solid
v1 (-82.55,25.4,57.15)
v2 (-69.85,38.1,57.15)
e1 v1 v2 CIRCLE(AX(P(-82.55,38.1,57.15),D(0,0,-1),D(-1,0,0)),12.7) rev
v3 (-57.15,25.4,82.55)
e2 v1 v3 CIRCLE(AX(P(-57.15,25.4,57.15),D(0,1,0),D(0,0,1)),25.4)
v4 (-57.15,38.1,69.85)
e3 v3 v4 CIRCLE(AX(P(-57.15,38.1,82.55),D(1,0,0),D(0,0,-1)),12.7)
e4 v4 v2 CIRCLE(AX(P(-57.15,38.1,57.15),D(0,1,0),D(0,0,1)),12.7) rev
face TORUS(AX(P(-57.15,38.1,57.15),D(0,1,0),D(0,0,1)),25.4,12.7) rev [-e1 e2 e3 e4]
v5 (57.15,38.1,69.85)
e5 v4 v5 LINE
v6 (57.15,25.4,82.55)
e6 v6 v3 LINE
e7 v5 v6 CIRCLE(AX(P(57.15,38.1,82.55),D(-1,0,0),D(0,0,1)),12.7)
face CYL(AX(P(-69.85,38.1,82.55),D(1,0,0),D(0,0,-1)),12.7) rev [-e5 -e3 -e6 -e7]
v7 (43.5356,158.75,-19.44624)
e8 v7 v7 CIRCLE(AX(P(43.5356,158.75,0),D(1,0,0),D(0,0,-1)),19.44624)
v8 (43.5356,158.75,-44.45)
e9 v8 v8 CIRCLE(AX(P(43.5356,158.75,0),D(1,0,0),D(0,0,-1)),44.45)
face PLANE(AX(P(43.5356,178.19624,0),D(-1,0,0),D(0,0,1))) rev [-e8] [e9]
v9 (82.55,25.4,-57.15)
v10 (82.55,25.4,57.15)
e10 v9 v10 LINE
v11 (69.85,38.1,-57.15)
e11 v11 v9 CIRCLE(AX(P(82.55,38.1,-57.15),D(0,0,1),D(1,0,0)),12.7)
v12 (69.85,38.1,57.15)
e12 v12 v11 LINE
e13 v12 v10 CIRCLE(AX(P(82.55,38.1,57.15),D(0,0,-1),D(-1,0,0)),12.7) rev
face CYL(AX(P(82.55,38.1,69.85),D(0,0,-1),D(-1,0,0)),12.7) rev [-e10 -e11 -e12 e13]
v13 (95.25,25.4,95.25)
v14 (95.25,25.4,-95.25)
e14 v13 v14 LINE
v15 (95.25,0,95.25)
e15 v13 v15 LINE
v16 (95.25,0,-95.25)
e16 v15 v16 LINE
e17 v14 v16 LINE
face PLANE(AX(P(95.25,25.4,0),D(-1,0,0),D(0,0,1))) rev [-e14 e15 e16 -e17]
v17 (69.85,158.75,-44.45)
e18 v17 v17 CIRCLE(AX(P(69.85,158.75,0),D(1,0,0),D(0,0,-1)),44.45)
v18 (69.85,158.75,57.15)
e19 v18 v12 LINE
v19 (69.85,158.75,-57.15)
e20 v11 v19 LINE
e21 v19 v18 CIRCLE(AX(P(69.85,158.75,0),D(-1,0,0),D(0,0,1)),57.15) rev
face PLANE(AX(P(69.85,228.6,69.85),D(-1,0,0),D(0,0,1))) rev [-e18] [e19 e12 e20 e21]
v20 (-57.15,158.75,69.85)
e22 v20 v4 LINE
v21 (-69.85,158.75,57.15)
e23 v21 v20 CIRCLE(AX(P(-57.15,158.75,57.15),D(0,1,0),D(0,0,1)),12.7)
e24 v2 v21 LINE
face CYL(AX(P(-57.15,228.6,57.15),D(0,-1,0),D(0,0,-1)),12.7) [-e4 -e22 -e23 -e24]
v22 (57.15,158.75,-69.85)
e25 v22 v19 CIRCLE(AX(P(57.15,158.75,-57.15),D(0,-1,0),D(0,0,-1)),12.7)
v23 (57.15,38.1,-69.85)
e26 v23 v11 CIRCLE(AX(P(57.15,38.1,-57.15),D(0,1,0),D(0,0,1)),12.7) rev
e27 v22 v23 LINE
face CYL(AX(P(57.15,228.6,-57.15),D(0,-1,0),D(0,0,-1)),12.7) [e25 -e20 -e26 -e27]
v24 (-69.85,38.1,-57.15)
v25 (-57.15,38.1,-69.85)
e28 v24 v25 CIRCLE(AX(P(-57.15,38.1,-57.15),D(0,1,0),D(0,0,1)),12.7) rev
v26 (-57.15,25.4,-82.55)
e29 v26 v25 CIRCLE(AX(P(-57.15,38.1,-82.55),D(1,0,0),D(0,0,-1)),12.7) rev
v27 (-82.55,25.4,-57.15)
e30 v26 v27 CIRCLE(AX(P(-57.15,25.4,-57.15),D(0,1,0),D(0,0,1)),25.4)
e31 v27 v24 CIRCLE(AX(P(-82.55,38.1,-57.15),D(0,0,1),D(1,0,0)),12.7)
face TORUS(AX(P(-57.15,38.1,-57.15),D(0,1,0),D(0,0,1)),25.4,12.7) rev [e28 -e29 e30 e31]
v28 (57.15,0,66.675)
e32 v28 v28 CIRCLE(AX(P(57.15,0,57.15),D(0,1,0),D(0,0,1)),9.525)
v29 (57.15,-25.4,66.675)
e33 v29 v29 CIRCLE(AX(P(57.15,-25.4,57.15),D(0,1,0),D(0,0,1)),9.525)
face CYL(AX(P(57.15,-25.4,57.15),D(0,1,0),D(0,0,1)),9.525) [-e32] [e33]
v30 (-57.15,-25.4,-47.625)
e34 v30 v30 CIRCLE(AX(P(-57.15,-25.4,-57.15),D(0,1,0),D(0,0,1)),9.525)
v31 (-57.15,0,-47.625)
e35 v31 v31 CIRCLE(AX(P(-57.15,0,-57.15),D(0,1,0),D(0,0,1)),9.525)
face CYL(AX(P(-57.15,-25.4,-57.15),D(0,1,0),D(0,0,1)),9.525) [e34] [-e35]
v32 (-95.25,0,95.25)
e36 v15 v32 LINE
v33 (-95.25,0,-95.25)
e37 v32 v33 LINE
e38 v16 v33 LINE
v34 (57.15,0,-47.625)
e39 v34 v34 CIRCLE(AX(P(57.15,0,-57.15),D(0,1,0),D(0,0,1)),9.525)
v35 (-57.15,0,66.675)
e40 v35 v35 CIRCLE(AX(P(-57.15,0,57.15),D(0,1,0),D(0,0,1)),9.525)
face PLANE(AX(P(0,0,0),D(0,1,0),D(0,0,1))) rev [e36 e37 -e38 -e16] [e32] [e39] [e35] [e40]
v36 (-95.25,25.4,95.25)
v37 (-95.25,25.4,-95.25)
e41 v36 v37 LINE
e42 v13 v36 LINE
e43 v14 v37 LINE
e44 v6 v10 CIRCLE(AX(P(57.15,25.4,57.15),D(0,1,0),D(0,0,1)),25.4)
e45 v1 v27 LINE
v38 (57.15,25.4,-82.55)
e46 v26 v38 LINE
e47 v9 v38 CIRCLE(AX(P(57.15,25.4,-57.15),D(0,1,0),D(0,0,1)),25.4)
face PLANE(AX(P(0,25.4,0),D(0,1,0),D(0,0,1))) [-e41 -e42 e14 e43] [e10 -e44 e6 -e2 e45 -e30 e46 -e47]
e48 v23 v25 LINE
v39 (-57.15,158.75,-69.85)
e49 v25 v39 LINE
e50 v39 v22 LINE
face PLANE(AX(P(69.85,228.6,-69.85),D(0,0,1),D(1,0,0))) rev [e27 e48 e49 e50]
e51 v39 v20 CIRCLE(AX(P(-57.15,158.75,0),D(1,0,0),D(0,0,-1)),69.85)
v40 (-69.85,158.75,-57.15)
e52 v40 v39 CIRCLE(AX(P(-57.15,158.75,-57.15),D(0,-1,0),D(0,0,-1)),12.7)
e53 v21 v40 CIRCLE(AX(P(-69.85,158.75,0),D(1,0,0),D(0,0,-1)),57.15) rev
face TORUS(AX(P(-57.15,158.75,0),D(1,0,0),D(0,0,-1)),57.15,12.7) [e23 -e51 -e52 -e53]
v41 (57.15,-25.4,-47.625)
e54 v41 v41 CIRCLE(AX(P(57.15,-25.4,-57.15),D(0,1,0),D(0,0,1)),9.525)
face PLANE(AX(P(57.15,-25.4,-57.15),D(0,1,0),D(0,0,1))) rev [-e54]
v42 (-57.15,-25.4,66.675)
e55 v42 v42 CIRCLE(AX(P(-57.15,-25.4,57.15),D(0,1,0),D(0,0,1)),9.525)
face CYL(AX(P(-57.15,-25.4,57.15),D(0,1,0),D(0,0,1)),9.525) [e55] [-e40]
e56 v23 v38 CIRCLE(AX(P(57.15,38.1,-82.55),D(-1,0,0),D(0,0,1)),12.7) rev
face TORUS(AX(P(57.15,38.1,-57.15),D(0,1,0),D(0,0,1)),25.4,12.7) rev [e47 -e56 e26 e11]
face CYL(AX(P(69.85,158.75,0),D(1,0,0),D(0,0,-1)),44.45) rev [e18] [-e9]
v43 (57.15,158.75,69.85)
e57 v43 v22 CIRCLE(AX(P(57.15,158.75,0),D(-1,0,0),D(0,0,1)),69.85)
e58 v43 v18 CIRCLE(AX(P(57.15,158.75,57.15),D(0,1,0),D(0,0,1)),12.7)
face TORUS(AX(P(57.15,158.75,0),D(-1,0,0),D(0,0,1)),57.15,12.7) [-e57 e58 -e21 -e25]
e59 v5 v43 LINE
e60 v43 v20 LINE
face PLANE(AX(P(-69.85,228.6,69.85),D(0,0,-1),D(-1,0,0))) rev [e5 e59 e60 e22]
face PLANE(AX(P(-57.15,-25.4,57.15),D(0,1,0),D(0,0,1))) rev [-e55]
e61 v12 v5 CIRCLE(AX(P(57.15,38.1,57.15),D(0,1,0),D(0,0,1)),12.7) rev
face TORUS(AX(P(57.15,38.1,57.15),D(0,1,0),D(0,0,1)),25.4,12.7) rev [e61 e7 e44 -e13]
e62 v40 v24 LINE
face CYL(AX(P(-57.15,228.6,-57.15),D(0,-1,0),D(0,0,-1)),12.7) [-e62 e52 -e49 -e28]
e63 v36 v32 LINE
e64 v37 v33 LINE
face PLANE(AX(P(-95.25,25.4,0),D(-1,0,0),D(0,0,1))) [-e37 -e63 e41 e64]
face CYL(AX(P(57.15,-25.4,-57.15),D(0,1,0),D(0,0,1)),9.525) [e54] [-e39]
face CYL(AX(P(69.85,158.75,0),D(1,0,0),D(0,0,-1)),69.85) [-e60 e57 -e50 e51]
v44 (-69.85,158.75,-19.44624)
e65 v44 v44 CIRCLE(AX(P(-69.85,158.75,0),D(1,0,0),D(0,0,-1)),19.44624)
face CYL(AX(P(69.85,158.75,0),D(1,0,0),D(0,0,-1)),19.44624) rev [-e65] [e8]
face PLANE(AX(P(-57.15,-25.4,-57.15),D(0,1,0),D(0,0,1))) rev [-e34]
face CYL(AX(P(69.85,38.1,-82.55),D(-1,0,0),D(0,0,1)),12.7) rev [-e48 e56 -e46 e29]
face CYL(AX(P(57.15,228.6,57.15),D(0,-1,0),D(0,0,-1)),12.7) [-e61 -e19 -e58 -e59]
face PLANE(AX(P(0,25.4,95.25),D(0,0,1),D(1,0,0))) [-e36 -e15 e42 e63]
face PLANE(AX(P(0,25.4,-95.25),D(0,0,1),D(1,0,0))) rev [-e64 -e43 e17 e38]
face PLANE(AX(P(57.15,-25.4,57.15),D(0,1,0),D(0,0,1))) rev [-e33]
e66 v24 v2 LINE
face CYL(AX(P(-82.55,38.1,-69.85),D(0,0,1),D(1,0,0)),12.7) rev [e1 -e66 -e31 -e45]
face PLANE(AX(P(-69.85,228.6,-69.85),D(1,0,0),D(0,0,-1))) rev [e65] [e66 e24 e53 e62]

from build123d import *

# Parameters (mm, degrees)
SKETCH1_W                                   = 190.5
SKETCH1_H                                   = 190.5
SKETCH1_R                                   = 9.525
BOSS_EXTRUDE1_DEPTH                         = 25.4
SKETCH1_3_R                                 = 9.525
BOSS_EXTRUDE2_DEPTH                         = 25.4
SKETCH3_W                                   = 139.7
SKETCH3_H                                   = 139.7
BOSS_EXTRUDE3_DEPTH                         = 203.2
FILLET1_RADIUS                              = 69.85
FILLET1_LENGTH                              = 139.7
CBORE_FOR_1_1_2_HEAVY_HEX_BOLT1_D           = 38.89248
CBORE_FOR_1_1_2_HEAVY_HEX_BOLT1_CBORE_D     = 88.9
CBORE_FOR_1_1_2_HEAVY_HEX_BOLT1_CBORE_DEPTH = 26.3144
FILLET2_R                                   = 12.7


with BuildPart() as part:
    # Sketch1 → Boss-Extrude1 (new body)
    # profile 1 of 5: a face of its own
    with BuildSketch(Plane(origin=(0, 0, 0), x_dir=(1, 0, 0), z_dir=(0, 1, 0))):
        Rectangle(SKETCH1_W, SKETCH1_H)
        with Locations((-57.15, -57.15)):
            Circle(SKETCH1_R, mode=Mode.SUBTRACT)
        with Locations((57.15, -57.15)):
            Circle(SKETCH1_R, mode=Mode.SUBTRACT)
        with Locations((57.15, 57.15)):
            Circle(SKETCH1_R, mode=Mode.SUBTRACT)
        with Locations((-57.15, 57.15)):
            Circle(SKETCH1_R, mode=Mode.SUBTRACT)
    # profile 2 of 5: a face of its own
    with BuildSketch(Plane(origin=(0, 0, 0), x_dir=(1, 0, 0), z_dir=(0, 1, 0))):
        with Locations((-57.15, -57.15)):
            Circle(SKETCH1_R)
    # profile 3 of 5: a face of its own
    with BuildSketch(Plane(origin=(0, 0, 0), x_dir=(1, 0, 0), z_dir=(0, 1, 0))):
        with Locations((-57.15, 57.15)):
            Circle(SKETCH1_R)
    # profile 4 of 5: a face of its own
    with BuildSketch(Plane(origin=(0, 0, 0), x_dir=(1, 0, 0), z_dir=(0, 1, 0))):
        with Locations((57.15, 57.15)):
            Circle(SKETCH1_R)
    # profile 5 of 5: a face of its own
    with BuildSketch(Plane(origin=(0, 0, 0), x_dir=(1, 0, 0), z_dir=(0, 1, 0))):
        with Locations((57.15, -57.15)):
            Circle(SKETCH1_R)
    extrude(amount=BOSS_EXTRUDE1_DEPTH)

    # Sketch1<3> → Boss-Extrude2 (add)
    with BuildSketch(Plane(origin=(0, 0, 0), x_dir=(1, 0, 0), z_dir=(0, 1, 0))):
        with Locations(Location((-57.15, 57.15, 0), (0, 0, 270))):
            Circle(SKETCH1_3_R)
        with Locations(Location((57.15, 57.15, 0), (0, 0, 270))):
            Circle(SKETCH1_3_R)
        with Locations(Location((57.15, -57.15, 0), (0, 0, 270))):
            Circle(SKETCH1_3_R)
        with Locations(Location((-57.15, -57.15, 0), (0, 0, 270))):
            Circle(SKETCH1_3_R)
    extrude(amount=-BOSS_EXTRUDE2_DEPTH)

    # Sketch3 → Boss-Extrude3 (add)
    with BuildSketch(Plane(origin=(0, 25.4, 0), x_dir=(1, 0, 0), z_dir=(0, 1, 0))):
        Rectangle(SKETCH3_W, SKETCH3_H)
    extrude(amount=BOSS_EXTRUDE3_DEPTH)

    # Fillet1: full round fillet: the end face becomes a half cylinder, R = half its width
    fillet1_face = Plane((0, 228.6, 0), x_dir=(-1, 0, 0), z_dir=(0, 1, 0))  # on the end face: x along it, z out of the body
    fillet1_slab = fillet1_face.offset(-FILLET1_RADIUS / 2) * Box(FILLET1_LENGTH, 2 * FILLET1_RADIUS, FILLET1_RADIUS, mode=Mode.PRIVATE)  # the body's end, R deep
    fillet1_round = Plane((0, 158.75, 0), x_dir=(0, 1, 0), z_dir=(-1, 0, 0)) * Cylinder(FILLET1_RADIUS, FILLET1_LENGTH, mode=Mode.PRIVATE)  # its axis R under the face
    add(fillet1_slab - fillet1_round, mode=Mode.SUBTRACT)

    # CBORE for 1-1/2 Heavy Hex Bolt1 (through all)
    with Locations(Plane(origin=(69.85, 0, 0), x_dir=(0, 0, 1), z_dir=(1, 0, 0))):
        with Locations((0, -158.75)):
            CounterBoreHole(CBORE_FOR_1_1_2_HEAVY_HEX_BOLT1_D / 2, CBORE_FOR_1_1_2_HEAVY_HEX_BOLT1_CBORE_D / 2, CBORE_FOR_1_1_2_HEAVY_HEX_BOLT1_CBORE_DEPTH)

    # Fillet2
    fillet2_edges = [part.edges().sort_by_distance(p)[0] for p in [
        (0, 25.4, -69.85),
        (-69.85, 25.4, 0),
        (0, 25.4, 69.85),
        (69.85, 25.4, 0),
        (69.85, 92.075, 69.85),
        (-69.85, 92.075, 69.85),
        (-69.85, 92.075, -69.85),
        (69.85, 92.075, -69.85),
        (69.85, 228.6, 0),
        (-69.85, 228.6, 0),
    ]]
    fillet(fillet2_edges, radius=FILLET2_R)


solid = part.part
